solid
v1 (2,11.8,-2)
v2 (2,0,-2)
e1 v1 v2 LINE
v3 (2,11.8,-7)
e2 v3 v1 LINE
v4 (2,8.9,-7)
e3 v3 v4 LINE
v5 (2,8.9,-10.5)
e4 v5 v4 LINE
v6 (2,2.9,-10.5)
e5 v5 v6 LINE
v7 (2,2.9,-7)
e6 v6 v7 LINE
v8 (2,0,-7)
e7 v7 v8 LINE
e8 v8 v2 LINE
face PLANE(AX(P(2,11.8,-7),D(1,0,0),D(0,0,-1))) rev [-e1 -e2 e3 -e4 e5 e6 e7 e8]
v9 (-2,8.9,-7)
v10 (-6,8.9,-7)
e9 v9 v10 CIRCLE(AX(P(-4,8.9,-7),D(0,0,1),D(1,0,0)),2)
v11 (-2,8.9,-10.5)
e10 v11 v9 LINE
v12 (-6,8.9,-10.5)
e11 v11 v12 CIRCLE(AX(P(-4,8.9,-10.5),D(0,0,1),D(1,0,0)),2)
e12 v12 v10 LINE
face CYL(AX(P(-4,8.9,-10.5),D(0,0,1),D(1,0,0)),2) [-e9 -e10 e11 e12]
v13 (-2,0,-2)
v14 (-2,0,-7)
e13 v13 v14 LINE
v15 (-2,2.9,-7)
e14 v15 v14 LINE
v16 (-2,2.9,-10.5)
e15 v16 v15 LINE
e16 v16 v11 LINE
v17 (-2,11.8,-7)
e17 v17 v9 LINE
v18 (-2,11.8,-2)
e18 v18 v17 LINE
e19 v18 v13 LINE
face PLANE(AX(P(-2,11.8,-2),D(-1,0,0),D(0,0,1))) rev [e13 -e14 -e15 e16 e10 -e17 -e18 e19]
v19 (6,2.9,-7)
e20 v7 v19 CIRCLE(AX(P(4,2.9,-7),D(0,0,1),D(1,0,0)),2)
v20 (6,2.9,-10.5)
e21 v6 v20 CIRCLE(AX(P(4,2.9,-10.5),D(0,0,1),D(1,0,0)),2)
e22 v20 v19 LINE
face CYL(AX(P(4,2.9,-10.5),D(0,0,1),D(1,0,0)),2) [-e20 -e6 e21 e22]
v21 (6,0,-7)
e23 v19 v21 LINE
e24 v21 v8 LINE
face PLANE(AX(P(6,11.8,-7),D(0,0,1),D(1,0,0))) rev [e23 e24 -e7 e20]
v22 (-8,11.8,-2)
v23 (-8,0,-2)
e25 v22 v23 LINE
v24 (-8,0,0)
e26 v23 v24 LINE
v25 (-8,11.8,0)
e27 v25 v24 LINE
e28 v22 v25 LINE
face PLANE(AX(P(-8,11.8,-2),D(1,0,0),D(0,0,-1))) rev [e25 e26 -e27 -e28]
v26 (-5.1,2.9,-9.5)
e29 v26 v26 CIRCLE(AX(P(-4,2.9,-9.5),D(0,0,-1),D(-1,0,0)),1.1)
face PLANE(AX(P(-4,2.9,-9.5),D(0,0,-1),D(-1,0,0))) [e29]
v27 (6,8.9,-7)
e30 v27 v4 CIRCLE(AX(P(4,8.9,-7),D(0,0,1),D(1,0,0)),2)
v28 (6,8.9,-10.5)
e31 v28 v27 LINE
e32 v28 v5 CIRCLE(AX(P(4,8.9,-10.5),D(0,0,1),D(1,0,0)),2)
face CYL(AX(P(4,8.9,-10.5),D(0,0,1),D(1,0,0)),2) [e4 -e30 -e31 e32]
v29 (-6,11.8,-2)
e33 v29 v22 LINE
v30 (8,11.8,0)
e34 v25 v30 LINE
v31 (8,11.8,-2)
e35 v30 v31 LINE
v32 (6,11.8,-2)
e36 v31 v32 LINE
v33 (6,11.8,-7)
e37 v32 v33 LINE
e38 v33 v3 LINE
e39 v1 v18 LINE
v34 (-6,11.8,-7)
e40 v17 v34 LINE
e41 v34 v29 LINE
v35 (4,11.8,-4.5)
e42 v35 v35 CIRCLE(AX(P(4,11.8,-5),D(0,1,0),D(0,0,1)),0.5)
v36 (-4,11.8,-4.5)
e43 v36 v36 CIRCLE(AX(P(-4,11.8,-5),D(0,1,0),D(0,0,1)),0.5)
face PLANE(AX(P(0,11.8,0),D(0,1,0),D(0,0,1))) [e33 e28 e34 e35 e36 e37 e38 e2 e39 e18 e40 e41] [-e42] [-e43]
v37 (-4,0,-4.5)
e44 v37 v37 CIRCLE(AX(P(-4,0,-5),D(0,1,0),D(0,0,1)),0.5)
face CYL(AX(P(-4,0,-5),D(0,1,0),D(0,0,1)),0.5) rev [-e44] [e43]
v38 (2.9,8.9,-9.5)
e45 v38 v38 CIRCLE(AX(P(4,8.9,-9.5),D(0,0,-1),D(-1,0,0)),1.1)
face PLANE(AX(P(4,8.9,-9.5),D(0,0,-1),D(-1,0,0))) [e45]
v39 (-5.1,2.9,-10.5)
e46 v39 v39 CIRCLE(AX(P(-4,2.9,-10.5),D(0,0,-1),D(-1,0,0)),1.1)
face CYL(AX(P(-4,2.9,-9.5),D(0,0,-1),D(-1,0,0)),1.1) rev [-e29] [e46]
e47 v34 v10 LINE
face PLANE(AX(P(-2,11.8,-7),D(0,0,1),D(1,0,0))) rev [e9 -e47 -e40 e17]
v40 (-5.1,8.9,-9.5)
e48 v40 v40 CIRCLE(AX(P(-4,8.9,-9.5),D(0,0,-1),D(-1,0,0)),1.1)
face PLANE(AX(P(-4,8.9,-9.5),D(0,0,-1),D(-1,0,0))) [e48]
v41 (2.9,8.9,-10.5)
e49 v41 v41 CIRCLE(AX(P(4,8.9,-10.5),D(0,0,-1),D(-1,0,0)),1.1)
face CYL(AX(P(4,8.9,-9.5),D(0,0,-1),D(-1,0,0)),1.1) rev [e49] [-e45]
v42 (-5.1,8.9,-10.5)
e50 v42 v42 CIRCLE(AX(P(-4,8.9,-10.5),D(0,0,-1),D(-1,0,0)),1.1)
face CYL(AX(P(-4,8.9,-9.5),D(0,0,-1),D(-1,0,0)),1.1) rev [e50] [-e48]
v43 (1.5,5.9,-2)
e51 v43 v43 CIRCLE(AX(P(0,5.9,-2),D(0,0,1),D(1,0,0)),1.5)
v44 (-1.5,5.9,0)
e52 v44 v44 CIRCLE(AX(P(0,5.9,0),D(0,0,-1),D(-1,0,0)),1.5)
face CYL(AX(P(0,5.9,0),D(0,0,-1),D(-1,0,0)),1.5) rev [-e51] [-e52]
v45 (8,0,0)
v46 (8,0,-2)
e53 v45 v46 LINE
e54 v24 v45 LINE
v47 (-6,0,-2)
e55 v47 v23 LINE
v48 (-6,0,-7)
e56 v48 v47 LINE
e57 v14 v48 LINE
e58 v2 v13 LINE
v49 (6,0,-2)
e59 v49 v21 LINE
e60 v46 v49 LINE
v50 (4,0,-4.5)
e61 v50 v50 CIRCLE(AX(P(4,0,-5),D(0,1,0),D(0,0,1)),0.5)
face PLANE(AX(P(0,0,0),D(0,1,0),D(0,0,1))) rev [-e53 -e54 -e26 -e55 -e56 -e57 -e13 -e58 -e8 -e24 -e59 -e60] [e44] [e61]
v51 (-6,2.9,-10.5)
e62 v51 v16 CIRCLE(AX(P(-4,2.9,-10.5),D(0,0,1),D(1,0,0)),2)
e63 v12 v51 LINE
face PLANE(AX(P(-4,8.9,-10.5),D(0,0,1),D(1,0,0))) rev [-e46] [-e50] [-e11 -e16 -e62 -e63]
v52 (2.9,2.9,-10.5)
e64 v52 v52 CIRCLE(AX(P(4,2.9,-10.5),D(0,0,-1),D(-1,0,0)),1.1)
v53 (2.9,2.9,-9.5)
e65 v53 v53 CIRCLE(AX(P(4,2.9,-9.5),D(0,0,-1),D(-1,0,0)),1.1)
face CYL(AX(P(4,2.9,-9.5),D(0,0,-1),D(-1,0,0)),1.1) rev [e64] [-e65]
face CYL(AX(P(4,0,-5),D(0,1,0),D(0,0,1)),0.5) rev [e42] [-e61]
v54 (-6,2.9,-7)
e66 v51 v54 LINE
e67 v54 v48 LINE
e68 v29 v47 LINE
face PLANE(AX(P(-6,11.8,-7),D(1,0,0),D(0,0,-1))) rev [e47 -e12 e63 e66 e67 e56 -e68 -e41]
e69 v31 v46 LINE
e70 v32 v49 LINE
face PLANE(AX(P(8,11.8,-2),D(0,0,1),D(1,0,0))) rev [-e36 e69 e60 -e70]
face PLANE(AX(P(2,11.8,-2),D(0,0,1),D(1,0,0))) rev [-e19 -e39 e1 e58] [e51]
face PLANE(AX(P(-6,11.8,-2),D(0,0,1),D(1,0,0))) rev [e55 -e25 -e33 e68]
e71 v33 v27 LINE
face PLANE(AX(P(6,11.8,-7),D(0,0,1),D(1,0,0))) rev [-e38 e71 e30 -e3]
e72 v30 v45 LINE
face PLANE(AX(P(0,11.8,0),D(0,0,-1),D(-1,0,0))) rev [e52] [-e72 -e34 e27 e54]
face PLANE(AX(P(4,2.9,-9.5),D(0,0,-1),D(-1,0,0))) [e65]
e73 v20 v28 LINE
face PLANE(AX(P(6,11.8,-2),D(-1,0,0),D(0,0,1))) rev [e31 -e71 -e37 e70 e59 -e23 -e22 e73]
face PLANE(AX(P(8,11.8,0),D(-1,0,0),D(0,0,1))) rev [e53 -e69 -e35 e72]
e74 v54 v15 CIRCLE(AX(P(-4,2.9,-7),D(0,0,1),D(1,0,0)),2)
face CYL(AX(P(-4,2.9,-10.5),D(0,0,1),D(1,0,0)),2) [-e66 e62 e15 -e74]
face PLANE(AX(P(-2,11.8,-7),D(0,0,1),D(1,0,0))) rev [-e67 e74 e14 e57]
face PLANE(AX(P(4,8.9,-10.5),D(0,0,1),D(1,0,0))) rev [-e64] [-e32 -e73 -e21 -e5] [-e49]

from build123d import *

# Parameters (mm, degrees)
BOSS_EXTRUDE1_DEPTH     = 11.8
BOSS_EXTRUDE2_DEPTH     = 10.5
CUT_EXTRUDE1_DEPTH      = 18.705648816
CUT_EXTRUDE1_DEPTH_BACK = 18.705648816
SKETCH2_R               = 0.5
SKETCH5_R               = 1.1
CUT_EXTRUDE2_DEPTH      = 1
CUT_EXTRUDE3_DEPTH      = 17.597891432
CUT_EXTRUDE3_DEPTH_BACK = 17.597891432
SKETCH6_R               = 1.5


with BuildPart() as part:
    # Sketch1 → Boss-Extrude1 (new body)
    with BuildSketch(Plane(origin=(0, 0, 0), x_dir=(1, 0, 0), z_dir=(0, 1, 0))):
        Polygon((0, 0), (8, 0), (8, 2), (6, 2), (6, 7), (2, 7), (2, 2), (-2, 2), (-2, 7), (-6, 7), (-6, 2), (-8, 2), (-8, 0), align=None)
    extrude(amount=BOSS_EXTRUDE1_DEPTH)

    # Sketch4 → Boss-Extrude2 (add)
    with BuildSketch(Plane.XY):
        with BuildLine():
            Line((-2, 8.9), (-2, 2.9))
            ThreePointArc((-2, 2.9), (-4, 0.9), (-6, 2.9))
            Line((-6, 2.9), (-6, 8.9))
            ThreePointArc((-6, 8.9), (-4, 10.9), (-2, 8.9))
        make_face()
        with BuildLine():
            Line((6, 8.9), (6, 2.9))
            ThreePointArc((6, 2.9), (4, 0.9), (2, 2.9))
            Line((2, 2.9), (2, 8.9))
            ThreePointArc((2, 8.9), (4, 10.9), (6, 8.9))
        make_face()
    extrude(amount=-BOSS_EXTRUDE2_DEPTH)

    # Sketch2 → Cut-Extrude1 (cut, two sides: drawn at the far end of the back side and taken through both)
    with BuildSketch(Plane(origin=(0, 11.8, 0), x_dir=(1, 0, 0), z_dir=(0, 1, 0)).offset(-CUT_EXTRUDE1_DEPTH_BACK)):
        with Locations(Location((-4, 5, 0), (0, 0, 270))):
            Circle(SKETCH2_R)
        with Locations(Location((4, 5, 0), (0, 0, 270))):
            Circle(SKETCH2_R)
    extrude(amount=CUT_EXTRUDE1_DEPTH + CUT_EXTRUDE1_DEPTH_BACK, mode=Mode.SUBTRACT)

    # Sketch5 → Cut-Extrude2 (cut)
    with BuildSketch(Plane(origin=(0, 0, -10.5), x_dir=(-1, 0, 0), z_dir=(0, 0, -1))):
        with Locations((4, 8.9)):
            Circle(SKETCH5_R)
        with Locations((4, 2.9)):
            Circle(SKETCH5_R)
        with Locations((-4, 2.9)):
            Circle(SKETCH5_R)
        with Locations((-4, 8.9)):
            Circle(SKETCH5_R)
    extrude(amount=-CUT_EXTRUDE2_DEPTH, mode=Mode.SUBTRACT)

    # Sketch6 → Cut-Extrude3 (cut, two sides: drawn at the far end of the back side and taken through both)
    with BuildSketch(Plane(origin=(0, 0, -2), x_dir=(-1, 0, 0), z_dir=(0, 0, -1)).offset(-CUT_EXTRUDE3_DEPTH_BACK)):
        with Locations((0, 5.9)):
            Circle(SKETCH6_R)
    extrude(amount=CUT_EXTRUDE3_DEPTH + CUT_EXTRUDE3_DEPTH_BACK, mode=Mode.SUBTRACT)


solid = part.part
